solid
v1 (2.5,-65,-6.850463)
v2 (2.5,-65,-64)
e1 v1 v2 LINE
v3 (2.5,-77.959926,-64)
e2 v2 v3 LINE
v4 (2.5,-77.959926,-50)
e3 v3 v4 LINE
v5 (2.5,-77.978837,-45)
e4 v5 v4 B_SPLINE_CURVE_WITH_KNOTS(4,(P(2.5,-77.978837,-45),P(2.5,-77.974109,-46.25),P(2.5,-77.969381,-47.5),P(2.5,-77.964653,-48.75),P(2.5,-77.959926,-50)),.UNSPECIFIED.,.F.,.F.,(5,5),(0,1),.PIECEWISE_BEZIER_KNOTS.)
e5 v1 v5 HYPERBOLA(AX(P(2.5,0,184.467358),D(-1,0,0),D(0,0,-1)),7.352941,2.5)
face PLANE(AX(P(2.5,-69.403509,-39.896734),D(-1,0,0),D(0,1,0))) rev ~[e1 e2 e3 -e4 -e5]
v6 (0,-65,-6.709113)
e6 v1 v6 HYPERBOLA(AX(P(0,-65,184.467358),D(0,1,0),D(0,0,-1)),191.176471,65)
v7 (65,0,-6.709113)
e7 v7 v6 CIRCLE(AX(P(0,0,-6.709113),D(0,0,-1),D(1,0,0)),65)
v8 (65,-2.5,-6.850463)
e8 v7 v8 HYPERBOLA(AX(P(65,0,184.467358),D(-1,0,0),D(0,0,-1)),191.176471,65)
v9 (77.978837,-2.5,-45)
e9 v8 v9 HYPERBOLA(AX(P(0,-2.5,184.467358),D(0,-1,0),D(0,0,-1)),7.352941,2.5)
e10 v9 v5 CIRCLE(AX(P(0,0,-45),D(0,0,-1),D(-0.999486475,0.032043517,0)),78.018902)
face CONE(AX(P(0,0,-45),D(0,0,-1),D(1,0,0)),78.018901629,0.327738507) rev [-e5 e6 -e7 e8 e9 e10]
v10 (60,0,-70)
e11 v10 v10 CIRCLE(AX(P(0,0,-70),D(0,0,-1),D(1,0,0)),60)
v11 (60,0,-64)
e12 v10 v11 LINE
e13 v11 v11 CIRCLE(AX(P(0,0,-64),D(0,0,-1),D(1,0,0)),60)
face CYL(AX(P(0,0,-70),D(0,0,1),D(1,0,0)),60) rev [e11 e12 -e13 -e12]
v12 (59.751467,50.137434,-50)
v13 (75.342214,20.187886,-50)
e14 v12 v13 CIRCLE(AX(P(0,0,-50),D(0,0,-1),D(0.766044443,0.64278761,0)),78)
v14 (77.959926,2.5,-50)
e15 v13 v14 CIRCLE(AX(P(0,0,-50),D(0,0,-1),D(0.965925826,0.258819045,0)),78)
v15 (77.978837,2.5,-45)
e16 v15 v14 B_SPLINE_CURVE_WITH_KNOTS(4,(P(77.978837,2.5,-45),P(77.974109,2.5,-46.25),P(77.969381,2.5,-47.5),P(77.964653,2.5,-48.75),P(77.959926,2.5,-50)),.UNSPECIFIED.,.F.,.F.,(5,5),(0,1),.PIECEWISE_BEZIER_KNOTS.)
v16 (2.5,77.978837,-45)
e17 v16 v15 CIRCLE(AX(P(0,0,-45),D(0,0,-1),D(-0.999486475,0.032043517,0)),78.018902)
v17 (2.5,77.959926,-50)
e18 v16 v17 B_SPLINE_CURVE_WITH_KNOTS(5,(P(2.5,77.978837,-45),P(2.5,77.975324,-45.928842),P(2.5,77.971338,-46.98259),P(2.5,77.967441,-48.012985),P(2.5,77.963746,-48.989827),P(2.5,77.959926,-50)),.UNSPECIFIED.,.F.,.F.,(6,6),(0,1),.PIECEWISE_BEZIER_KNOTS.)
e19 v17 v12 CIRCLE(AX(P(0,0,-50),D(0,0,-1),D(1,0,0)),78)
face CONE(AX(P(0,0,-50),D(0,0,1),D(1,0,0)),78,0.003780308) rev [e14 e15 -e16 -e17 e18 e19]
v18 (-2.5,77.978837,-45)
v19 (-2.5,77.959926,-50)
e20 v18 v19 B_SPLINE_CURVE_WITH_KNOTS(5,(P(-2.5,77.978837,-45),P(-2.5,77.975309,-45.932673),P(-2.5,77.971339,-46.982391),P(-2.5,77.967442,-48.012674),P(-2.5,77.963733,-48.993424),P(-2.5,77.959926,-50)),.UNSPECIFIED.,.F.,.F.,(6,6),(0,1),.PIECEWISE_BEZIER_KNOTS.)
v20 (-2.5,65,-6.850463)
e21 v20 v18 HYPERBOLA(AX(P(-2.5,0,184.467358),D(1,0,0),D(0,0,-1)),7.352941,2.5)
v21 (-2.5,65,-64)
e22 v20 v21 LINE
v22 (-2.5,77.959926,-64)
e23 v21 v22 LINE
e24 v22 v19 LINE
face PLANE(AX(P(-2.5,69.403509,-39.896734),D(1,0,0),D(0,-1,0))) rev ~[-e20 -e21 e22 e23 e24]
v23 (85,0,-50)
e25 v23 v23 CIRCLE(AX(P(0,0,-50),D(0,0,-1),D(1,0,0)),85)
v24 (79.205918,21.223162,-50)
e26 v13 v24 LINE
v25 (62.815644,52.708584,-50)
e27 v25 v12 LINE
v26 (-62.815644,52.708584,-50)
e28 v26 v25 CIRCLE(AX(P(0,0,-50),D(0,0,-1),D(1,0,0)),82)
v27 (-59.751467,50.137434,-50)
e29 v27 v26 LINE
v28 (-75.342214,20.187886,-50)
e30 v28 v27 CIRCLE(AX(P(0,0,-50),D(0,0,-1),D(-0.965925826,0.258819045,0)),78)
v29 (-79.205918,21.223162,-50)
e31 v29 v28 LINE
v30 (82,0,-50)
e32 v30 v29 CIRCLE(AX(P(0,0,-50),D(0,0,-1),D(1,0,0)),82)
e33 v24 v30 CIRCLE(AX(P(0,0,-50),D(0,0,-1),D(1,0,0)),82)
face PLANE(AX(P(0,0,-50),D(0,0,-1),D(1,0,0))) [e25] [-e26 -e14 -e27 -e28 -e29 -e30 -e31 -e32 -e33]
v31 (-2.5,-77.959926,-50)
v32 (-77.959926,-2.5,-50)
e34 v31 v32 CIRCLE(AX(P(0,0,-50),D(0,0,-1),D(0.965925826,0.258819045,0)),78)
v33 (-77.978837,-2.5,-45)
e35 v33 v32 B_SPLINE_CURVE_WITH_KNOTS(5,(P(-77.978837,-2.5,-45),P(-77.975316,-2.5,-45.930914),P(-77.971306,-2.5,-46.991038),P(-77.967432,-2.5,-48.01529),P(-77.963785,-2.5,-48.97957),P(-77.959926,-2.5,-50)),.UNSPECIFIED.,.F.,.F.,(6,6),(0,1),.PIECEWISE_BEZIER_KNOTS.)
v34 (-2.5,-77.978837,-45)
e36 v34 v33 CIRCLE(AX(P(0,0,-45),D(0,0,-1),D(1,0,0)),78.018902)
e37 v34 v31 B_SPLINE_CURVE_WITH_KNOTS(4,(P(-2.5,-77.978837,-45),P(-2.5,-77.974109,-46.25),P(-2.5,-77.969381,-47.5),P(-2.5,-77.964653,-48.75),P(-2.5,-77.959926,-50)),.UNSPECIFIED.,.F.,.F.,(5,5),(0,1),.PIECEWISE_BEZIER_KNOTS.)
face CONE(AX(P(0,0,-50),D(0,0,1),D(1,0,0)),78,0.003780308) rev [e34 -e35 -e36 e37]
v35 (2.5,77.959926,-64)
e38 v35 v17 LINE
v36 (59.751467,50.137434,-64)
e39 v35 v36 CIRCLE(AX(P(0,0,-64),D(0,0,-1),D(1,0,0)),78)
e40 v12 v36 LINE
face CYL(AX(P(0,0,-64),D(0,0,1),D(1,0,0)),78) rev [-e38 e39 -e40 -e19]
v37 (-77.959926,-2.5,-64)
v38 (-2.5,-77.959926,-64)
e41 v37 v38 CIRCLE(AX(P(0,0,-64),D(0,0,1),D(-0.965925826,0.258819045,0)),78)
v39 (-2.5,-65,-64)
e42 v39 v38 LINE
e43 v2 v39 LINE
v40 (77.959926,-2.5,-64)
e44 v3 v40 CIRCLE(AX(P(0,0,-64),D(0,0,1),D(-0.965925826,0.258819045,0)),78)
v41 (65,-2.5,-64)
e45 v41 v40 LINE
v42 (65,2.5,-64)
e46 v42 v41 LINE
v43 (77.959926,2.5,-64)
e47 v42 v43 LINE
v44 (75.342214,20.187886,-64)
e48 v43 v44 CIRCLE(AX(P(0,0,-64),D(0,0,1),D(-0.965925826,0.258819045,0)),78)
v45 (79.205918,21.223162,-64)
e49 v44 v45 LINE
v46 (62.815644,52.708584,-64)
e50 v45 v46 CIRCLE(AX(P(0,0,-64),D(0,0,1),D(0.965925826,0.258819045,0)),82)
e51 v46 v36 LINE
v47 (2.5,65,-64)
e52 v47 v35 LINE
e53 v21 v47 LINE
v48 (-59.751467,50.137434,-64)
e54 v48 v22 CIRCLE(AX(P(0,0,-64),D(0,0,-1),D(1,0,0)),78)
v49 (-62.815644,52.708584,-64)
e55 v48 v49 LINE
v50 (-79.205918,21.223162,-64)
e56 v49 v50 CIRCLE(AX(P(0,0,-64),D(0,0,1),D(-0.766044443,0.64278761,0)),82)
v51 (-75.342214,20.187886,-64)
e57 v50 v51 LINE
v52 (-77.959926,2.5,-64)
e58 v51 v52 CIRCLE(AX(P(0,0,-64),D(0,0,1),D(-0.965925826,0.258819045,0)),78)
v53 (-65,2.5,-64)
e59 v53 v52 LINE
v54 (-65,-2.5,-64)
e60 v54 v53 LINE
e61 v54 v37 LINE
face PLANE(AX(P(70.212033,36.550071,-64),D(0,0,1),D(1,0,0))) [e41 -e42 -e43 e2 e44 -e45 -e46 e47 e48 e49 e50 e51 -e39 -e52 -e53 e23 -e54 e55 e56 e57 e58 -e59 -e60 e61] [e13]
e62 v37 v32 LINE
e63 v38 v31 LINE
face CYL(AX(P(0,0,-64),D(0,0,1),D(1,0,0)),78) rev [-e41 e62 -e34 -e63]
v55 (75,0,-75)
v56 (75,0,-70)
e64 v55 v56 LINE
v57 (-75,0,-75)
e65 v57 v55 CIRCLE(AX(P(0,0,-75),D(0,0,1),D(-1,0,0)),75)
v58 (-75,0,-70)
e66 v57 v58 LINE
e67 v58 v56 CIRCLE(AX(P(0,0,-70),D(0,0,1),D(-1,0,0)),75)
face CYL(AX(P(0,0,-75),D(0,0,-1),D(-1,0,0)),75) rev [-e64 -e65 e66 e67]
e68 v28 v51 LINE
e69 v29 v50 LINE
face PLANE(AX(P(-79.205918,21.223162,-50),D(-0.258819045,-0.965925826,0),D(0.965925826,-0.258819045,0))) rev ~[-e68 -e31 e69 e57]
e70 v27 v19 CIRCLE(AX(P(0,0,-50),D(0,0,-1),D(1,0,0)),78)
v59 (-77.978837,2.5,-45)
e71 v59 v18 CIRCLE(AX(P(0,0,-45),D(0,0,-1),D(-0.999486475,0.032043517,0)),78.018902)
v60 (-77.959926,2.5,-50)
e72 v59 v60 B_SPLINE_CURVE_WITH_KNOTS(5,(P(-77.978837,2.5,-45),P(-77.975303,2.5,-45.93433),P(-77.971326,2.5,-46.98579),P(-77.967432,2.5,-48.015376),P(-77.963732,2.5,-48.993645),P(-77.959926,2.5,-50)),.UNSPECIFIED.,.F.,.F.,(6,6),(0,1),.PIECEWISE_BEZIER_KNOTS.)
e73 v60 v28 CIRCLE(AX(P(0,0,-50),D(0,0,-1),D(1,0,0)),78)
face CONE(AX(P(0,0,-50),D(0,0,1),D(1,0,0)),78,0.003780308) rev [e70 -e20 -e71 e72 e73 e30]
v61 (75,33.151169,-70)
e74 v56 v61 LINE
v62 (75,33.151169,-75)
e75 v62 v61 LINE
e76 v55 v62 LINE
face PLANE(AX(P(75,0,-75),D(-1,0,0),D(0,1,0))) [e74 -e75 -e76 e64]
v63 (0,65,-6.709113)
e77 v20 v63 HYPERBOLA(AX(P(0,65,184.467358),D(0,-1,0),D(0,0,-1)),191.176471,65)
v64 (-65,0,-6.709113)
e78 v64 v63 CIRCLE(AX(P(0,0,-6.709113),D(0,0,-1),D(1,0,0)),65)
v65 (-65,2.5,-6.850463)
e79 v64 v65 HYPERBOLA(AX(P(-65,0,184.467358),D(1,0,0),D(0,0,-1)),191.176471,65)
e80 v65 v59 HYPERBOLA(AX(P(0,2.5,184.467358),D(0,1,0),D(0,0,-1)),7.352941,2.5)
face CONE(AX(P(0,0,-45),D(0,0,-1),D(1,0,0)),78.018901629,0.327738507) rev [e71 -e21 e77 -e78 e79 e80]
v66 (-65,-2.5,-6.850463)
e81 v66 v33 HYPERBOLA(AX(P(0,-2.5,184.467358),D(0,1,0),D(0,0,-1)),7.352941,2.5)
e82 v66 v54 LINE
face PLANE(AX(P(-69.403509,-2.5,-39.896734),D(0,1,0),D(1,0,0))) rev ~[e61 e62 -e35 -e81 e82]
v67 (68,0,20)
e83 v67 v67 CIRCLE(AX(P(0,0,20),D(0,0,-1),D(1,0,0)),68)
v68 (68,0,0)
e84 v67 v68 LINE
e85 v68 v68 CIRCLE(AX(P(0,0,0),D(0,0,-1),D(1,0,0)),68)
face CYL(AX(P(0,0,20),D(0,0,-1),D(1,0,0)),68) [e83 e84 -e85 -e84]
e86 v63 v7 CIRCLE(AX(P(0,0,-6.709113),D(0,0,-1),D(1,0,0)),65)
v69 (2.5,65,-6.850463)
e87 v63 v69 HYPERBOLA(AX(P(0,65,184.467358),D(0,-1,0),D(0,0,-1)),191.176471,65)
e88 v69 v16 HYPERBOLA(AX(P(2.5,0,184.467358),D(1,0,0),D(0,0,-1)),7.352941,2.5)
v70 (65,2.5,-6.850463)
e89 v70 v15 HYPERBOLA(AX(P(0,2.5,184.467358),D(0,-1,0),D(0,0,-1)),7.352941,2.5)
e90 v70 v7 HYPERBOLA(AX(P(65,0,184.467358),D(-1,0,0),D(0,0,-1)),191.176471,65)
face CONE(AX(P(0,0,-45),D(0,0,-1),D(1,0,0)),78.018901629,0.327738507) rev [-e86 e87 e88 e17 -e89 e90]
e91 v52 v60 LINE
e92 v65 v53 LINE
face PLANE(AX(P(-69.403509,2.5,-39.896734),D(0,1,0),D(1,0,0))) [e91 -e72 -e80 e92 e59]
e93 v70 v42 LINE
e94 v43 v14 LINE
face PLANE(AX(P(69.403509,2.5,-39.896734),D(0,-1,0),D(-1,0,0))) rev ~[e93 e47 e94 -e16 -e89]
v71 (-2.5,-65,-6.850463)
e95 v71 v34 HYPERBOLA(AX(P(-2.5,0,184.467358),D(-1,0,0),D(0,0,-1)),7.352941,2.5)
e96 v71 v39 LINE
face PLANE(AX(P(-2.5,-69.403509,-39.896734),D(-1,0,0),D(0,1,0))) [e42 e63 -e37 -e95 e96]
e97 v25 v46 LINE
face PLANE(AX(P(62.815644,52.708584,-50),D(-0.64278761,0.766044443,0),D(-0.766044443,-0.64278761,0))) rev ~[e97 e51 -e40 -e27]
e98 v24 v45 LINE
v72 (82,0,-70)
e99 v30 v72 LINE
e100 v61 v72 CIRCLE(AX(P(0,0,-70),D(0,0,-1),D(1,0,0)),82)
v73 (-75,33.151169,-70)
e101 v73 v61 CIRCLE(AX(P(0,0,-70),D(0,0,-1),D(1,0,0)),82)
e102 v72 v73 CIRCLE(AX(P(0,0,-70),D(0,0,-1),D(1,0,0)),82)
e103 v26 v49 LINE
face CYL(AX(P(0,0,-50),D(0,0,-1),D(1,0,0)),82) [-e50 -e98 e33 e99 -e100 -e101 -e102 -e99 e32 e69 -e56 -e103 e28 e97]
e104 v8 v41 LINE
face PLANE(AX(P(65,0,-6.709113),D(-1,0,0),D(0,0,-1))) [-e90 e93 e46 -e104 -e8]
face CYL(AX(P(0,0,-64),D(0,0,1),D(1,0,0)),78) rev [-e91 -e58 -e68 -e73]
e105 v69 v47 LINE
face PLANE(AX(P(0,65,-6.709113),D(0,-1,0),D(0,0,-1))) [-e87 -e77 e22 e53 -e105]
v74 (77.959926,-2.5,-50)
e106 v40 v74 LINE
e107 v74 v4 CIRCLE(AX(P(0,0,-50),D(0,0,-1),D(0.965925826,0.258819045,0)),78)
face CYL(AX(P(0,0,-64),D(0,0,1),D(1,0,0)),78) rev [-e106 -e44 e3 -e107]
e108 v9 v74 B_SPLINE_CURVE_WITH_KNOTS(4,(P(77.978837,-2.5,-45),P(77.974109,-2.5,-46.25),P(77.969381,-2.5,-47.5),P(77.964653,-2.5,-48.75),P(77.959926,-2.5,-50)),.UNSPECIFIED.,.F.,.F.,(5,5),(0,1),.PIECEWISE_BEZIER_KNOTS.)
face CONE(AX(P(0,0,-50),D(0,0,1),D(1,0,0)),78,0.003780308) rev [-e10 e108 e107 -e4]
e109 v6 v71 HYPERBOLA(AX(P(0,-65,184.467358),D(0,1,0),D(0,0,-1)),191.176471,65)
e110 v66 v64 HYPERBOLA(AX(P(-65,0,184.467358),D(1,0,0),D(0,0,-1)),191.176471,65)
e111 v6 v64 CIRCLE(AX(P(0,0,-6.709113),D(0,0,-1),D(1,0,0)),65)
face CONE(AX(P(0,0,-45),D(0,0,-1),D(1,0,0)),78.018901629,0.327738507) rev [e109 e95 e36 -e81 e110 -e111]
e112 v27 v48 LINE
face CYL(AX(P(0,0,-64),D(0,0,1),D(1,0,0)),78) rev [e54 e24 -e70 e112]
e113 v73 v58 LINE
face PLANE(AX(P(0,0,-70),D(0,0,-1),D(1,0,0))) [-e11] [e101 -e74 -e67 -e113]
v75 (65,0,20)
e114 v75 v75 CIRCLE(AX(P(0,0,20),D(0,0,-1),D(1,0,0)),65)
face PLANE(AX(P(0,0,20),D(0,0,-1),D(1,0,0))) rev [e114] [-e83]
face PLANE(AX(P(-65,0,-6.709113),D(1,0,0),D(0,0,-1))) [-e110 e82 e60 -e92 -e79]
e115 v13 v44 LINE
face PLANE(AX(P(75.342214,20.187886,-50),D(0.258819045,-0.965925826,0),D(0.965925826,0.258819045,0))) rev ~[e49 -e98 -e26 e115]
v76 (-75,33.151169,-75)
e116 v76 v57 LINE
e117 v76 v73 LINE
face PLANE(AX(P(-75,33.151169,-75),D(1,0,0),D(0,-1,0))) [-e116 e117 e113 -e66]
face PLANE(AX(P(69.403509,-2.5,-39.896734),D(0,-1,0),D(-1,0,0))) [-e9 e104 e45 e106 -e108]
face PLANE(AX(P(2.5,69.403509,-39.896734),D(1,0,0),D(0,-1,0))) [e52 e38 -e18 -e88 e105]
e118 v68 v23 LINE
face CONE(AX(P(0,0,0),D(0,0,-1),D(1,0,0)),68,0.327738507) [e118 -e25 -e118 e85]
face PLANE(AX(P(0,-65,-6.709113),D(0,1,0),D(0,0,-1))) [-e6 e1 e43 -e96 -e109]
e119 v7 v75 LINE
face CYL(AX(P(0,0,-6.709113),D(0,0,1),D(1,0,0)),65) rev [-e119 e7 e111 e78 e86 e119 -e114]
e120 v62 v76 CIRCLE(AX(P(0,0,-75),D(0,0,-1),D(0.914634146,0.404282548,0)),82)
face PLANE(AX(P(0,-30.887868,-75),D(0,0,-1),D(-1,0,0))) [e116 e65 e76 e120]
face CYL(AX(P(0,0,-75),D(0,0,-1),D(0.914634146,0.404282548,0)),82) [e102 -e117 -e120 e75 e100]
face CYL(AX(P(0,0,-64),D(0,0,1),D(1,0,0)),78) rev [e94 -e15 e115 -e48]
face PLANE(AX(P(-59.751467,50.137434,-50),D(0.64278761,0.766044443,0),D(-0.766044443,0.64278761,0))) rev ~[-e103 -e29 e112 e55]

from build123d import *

# Parameters (mm, degrees)
CUT_EXTRUDE7_DEPTH   = 14
BOSS_EXTRUDE10_START = 5
BOSS_EXTRUDE10_DEPTH = 5
BOSS_EXTRUDE11_DEPTH = 2.5
CIRPATTERN1_COUNT    = 4


with BuildPart() as part:
    # Sketch10 → Revolve2 (revolve)
    with BuildSketch(Plane(origin=(0, 0, 0), x_dir=(1, 0, 0), z_dir=(0, 1, 0))):
        Polygon((68, 0), (85, 50), (82, 50), (82, 70), (60, 70), (60, 64), (78, 64), (78, 50), (78.018901629, 45), (65, 6.709112855), (65, -20), (68, -20), align=None)
    revolve(axis=Axis((0, 0, 0), (0, 0, -1)))

    # Sketch19 → Cut-Extrude7 (cut)
    with BuildSketch(Plane(origin=(0, 0, -50), x_dir=(-1, 0, 0), z_dir=(0, 0, -1))):
        with BuildLine():
            Line((-75.342214451, 20.187885518), (-79.205917756, 21.223161698))
            ThreePointArc((-79.205917756, 21.223161698), (-72.734888321, 37.863386285), (-62.815644336, 52.708583994))
            Line((-62.815644336, 52.708583994), (-59.751466563, 50.137433556))
            ThreePointArc((-59.751466563, 50.137433556), (-69.186844988, 36.016391832), (-75.342214451, 20.187885518))
        make_face()
        with BuildLine():
            Line((59.751466563, 50.137433556), (62.815644336, 52.708583994))
            ThreePointArc((62.815644336, 52.708583994), (72.734888321, 37.863386285), (79.205917756, 21.223161698))
            Line((79.205917756, 21.223161698), (75.342214451, 20.187885518))
            ThreePointArc((75.342214451, 20.187885518), (69.186844988, 36.016391832), (59.751466563, 50.137433556))
        make_face()
    extrude(amount=CUT_EXTRUDE7_DEPTH, mode=Mode.SUBTRACT)

    # Sketch29 → Boss-Extrude10 (add)
    with BuildSketch(Plane(origin=(0, 0, -70), x_dir=(-1, 0, 0), z_dir=(0, 0, -1)).offset(BOSS_EXTRUDE10_START)):
        with BuildLine():
            Line((-75, 0), (-75, 33.151168909))
            ThreePointArc((-75, 33.151168909), (0, -82), (75, 33.151168909))
            Line((75, 33.151168909), (75, 0))
            ThreePointArc((75, 0), (0, -75), (-75, 0))
        make_face()
    extrude(amount=-BOSS_EXTRUDE10_DEPTH)

    # Sketch37 → Boss-Extrude11 (add, symmetric)
    with BuildSketch(Plane(origin=(0, 0, 0), x_dir=(1, 0, 0), z_dir=(0, 1, 0))):
        Polygon((-65, 6.709112855), (-65, 70), (-78, 64), (-78.018901629, 45), align=None)
    boss_extrude11 = extrude(amount=BOSS_EXTRUDE11_DEPTH, both=True)

    # CirPattern1: Boss-Extrude11 ×4 about axis
    cirpattern1_axis = Axis((0, 0, 0), (0, 0, 1))
    for i in range(1, CIRPATTERN1_COUNT):
        add(boss_extrude11.rotate(cirpattern1_axis, i * 360 / CIRPATTERN1_COUNT))


solid = part.part
